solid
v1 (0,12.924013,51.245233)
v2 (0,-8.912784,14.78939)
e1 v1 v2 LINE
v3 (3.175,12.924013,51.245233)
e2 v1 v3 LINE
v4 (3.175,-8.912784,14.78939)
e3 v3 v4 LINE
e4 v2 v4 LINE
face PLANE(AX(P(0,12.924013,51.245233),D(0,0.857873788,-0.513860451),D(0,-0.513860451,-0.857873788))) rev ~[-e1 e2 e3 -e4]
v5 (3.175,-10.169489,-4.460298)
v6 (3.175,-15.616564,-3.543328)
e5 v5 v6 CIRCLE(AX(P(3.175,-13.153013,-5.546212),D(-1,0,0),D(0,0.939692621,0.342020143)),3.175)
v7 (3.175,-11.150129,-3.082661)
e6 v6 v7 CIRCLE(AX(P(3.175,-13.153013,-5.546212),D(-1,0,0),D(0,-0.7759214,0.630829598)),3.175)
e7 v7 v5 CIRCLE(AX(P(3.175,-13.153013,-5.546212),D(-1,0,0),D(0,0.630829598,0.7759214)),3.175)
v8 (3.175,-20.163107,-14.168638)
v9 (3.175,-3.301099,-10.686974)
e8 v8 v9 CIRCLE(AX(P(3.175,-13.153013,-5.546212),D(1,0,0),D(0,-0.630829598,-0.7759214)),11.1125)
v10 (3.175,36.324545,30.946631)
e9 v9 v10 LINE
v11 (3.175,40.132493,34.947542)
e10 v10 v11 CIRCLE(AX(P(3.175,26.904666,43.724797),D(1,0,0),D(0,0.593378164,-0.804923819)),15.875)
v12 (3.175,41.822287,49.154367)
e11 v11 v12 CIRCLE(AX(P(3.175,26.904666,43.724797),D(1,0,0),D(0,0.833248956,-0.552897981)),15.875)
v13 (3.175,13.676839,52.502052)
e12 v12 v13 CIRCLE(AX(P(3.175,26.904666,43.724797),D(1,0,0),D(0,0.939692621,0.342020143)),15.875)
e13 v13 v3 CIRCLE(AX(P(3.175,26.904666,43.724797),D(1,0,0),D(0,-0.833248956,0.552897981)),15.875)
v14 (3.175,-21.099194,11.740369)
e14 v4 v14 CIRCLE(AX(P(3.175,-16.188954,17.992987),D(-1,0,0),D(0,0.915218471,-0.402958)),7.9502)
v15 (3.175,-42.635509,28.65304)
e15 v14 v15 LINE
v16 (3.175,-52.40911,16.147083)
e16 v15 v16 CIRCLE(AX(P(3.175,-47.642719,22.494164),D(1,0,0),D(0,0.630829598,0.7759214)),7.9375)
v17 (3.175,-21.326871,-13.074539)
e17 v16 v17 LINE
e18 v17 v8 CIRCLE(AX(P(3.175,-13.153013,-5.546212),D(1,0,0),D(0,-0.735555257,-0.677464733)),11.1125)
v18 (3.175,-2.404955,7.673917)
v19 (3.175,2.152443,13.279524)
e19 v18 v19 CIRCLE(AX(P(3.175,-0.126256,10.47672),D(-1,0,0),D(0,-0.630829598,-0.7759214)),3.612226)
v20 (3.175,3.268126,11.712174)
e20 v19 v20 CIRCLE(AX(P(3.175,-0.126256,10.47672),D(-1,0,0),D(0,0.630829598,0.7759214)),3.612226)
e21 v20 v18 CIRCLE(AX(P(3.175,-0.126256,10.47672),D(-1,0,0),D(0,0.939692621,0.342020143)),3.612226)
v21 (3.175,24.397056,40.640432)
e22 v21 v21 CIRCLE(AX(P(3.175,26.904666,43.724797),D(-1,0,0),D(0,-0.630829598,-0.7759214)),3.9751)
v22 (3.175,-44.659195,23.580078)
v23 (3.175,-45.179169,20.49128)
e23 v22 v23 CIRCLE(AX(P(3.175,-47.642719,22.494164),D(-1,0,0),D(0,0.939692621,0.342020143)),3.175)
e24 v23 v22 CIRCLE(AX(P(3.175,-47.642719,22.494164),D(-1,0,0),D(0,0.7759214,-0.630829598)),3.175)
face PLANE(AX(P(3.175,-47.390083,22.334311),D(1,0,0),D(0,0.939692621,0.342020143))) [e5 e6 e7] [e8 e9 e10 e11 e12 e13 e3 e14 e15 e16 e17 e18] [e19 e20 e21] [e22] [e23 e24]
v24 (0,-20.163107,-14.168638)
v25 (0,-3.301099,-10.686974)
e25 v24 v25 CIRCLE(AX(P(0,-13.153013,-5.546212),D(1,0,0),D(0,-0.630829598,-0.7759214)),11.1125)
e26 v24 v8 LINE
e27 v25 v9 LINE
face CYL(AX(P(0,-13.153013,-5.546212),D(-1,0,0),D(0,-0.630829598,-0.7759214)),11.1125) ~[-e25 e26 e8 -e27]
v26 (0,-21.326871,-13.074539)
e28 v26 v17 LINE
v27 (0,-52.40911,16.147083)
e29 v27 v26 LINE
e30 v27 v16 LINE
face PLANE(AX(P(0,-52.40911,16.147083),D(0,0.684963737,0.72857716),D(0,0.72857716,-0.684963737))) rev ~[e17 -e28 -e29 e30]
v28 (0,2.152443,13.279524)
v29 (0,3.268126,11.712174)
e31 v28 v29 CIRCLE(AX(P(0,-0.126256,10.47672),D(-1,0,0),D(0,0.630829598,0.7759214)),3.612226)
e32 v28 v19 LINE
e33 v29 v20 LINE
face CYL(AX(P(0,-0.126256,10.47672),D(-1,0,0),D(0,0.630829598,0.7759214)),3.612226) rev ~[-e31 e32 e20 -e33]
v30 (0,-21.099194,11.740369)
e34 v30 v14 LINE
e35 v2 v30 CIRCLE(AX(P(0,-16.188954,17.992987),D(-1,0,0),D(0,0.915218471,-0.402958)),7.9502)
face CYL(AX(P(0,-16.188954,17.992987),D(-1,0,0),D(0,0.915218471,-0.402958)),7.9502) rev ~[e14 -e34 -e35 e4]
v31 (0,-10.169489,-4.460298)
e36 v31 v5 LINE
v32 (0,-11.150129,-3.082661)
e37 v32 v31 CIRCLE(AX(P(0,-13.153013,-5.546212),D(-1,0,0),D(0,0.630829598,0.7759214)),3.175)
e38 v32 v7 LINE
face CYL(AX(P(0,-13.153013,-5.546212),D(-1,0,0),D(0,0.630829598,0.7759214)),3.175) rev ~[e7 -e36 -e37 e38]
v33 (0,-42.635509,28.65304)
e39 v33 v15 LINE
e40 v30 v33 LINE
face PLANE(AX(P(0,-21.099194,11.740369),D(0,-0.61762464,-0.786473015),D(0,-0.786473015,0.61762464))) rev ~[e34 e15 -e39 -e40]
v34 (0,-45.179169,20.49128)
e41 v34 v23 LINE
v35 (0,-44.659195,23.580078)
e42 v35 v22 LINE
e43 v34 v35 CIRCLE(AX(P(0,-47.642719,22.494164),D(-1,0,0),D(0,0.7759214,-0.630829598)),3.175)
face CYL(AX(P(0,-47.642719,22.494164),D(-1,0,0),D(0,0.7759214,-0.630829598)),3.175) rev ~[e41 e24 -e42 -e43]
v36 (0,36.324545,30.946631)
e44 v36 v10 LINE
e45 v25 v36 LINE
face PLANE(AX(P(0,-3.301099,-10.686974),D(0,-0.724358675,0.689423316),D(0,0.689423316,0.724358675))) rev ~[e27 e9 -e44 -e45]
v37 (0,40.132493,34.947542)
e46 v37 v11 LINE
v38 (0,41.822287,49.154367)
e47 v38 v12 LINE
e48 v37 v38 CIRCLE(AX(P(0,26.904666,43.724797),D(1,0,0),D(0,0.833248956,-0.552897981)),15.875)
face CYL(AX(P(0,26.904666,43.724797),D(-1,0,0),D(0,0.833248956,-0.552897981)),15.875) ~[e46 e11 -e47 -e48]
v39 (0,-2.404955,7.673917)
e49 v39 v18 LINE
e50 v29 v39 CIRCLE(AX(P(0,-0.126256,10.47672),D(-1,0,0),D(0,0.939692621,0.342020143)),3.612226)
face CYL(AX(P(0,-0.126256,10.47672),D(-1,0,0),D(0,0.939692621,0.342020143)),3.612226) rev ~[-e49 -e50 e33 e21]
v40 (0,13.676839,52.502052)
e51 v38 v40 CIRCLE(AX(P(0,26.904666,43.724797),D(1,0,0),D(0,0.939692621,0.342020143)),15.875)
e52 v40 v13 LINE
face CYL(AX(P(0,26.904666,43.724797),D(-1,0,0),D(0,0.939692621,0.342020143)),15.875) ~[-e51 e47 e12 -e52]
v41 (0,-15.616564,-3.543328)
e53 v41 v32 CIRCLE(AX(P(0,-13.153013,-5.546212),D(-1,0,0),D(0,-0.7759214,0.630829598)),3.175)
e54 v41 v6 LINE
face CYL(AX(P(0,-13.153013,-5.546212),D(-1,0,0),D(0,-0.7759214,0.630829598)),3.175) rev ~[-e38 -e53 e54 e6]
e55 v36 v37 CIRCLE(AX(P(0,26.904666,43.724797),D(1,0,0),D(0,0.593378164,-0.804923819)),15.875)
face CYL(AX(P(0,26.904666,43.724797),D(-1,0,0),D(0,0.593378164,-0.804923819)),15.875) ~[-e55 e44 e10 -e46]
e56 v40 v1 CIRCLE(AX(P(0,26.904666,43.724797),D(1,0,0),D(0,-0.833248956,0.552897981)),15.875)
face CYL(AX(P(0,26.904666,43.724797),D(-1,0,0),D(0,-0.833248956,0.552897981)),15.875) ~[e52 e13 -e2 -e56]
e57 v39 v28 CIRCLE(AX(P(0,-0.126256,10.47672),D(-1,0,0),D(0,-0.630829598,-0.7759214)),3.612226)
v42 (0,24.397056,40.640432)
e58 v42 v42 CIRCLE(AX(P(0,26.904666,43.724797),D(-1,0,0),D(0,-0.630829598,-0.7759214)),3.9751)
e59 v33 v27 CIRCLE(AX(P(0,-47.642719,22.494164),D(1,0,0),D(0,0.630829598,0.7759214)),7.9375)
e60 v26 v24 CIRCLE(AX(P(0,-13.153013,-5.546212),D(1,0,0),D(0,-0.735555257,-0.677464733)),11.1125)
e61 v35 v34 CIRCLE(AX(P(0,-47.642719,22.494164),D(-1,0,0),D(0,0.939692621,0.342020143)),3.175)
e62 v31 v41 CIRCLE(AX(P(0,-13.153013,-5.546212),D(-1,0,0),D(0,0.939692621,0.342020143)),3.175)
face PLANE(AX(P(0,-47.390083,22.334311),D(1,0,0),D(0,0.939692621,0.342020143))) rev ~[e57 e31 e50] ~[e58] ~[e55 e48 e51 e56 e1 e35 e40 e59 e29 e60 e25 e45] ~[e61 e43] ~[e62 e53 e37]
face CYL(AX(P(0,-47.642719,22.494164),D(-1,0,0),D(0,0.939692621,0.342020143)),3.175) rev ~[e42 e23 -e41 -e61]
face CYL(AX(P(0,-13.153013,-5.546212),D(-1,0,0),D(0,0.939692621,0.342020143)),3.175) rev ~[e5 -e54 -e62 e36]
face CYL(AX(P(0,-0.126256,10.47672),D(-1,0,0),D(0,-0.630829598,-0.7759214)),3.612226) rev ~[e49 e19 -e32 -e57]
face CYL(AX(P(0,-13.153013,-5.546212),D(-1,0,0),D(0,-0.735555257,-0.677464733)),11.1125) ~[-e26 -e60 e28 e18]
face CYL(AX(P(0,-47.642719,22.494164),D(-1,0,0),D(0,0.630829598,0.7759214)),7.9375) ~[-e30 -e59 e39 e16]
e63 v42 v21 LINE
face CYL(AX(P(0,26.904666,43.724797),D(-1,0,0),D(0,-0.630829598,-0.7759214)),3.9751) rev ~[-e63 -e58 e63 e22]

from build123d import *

# Parameters (mm, degrees)
F1_DEPTH = 3.175
F2_ANGLE = 20


with BuildPart() as f1:
    # F0 (on Right) → F1 (new body)
    with BuildSketch(Plane.YZ):
        with BuildLine():
            ThreePointArc((-46.3333823875, 42.4595372576), (-43.5036193129, 45.3559116673), (-42.4707661614, 49.2712351721))
            ThreePointArc((-42.4707661614, 49.2712351721), (-42.7573917524, 51.3850059796), (-43.5965682469, 53.3461189461))
            ThreePointArc((-43.5965682469, 53.3461189461), (-54.6135390245, 56.0032175248), (-57.0580373704, 44.937132137))
            ThreePointArc((-57.0580373704, 44.937132137), (-52.1949195756, 41.5374278414), (-46.3333823875, 42.4595372576))
        make_face()
        with BuildLine():
            ThreePointArc((-47.2332661614, 49.2712351721), (-47.646407422, 47.7051057702), (-48.7783126519, 46.5465560063))
            ThreePointArc((-48.7783126519, 46.5465560063), (-53.1701249009, 50.837364574), (-47.2332661614, 49.2712351721))
        make_face(mode=Mode.SUBTRACT)
        with BuildLine():
            ThreePointArc((-43.5965682469, 53.3461189461), (-42.7573917524, 51.3850059796), (-42.4707661614, 49.2712351721))
            ThreePointArc((-42.4707661614, 49.2712351721), (-43.5036193129, 45.3559116673), (-46.3333823875, 42.4595372576))
            Line((-46.3333823875, 42.4595372576), (-33.2937543108, 20.6621039311))
            ThreePointArc((-33.2937543108, 20.6621039311), (-24.8796092545, 21.902892881), (-18.0525399469, 16.8305641344))
            Line((-18.0525399469, 16.8305641344), (-12.9674956029, 19.8725317828))
            ThreePointArc((-12.9674956029, 19.8725317828), (-11.7220164271, 24.8268363473), (-6.7677118626, 23.5813571715))
            Line((-6.7677118626, 23.5813571715), (13.2812704599, 35.5750294946))
            ThreePointArc((13.2812704599, 35.5750294946), (11.2120730663, 46.124410126), (16.339289948, 55.5733601527))
            Line((16.339289948, 55.5733601527), (-16.6492197631, 28.7846981113))
            ThreePointArc((-16.6492197631, 28.7846981113), (-23.2154318135, 26.3763647233), (-29.1435252875, 30.0875529647))
            Line((-29.1435252875, 30.0875529647), (-43.5965682469, 53.3461189461))
        make_face()
        with BuildLine():
            Line((-33.2937543108, 20.6621039311), (-46.3333823875, 42.4595372576))
            ThreePointArc((-46.3333823875, 42.4595372576), (-52.1949195756, 41.5374278414), (-57.0580373704, 44.937132137))
            Line((-57.0580373704, 44.937132137), (-37.8446703025, 6.8470376817))
            ThreePointArc((-37.8446703025, 6.8470376817), (-38.1434954942, 14.6025831369), (-33.2937543108, 20.6621039311))
        make_face()
        with BuildLine():
            Line((-29.2188705368, 13.8504060166), (-33.2937543108, 20.6621039311))
            ThreePointArc((-33.2937543108, 20.6621039311), (-38.1434954942, 14.6025831369), (-37.8446703025, 6.8470376817))
            Line((-37.8446703025, 6.8470376817), (-37.1252941075, 5.4208895672))
            ThreePointArc((-37.1252941075, 5.4208895672), (-29.1995102722, 0.1305622022), (-20.089390193, 2.9254370075))
            ThreePointArc((-20.089390193, 2.9254370075), (-17.4196951249, 6.645260117), (-16.4764170272, 11.1257268508))
            ThreePointArc((-16.4764170272, 11.1257268508), (-16.8776928545, 14.0850059813), (-18.0525399469, 16.8305641344))
            Line((-18.0525399469, 16.8305641344), (-24.8642378614, 12.7556803604))
            ThreePointArc((-24.8642378614, 12.7556803604), (-24.5285672636, 11.9712351738), (-24.4139170272, 11.1257268508))
            ThreePointArc((-24.4139170272, 11.1257268508), (-29.1550464291, 8.3638681114), (-29.2188705368, 13.8504060166))
        make_face()
        with BuildLine():
            Line((-37.1252941075, 5.4208895672), (-37.8446703025, 6.8470376817))
            ThreePointArc((-37.8446703025, 6.8470376817), (-37.5106396909, 6.1210215013), (-37.1252941075, 5.4208895672))
        make_face()
        with BuildLine():
            Line((-12.9674956029, 19.8725317828), (-18.0525399469, 16.8305641344))
            ThreePointArc((-18.0525399469, 16.8305641344), (-16.8776928545, 14.0850059813), (-16.4764170272, 11.1257268508))
            ThreePointArc((-16.4764170272, 11.1257268508), (-17.4196951249, 6.645260117), (-20.089390193, 2.9254370075))
            Line((-20.089390193, 2.9254370075), (31.386066434, 28.4954609527))
            ThreePointArc((31.386066434, 28.4954609527), (21.1233088396, 28.9399557839), (13.2812704599, 35.5750294946))
            Line((13.2812704599, 35.5750294946), (-6.7677118626, 23.5813571715))
            ThreePointArc((-6.7677118626, 23.5813571715), (-6.3858164196, 22.6888868627), (-6.2553778197, 21.7269444772))
            ThreePointArc((-6.2553778197, 21.7269444772), (-8.9056613472, 18.245157164), (-12.9674956029, 19.8725317828))
        make_face()
        with BuildLine():
            Line((17.4765728718, 56.4969025666), (16.339289948, 55.5733601527))
            ThreePointArc((16.339289948, 55.5733601527), (11.2120730663, 46.124410126), (13.2812704599, 35.5750294946))
            ThreePointArc((13.2812704599, 35.5750294946), (21.1233088396, 28.9399557839), (31.386066434, 28.4954609527))
            Line((31.386066434, 28.4954609527), (36.3327597061, 30.9526915185))
            ThreePointArc((36.3327597061, 30.9526915185), (41.0765858483, 36.5713139049), (42.7796662889, 43.7247970426))
            ThreePointArc((42.7796662889, 43.7247970426), (34.0581494266, 57.896716602), (17.4765728718, 56.4969025666))
        make_face()
        with BuildLine():
            ThreePointArc((30.8797662889, 43.7247970426), (27.9632427093, 39.8932391385), (23.4933679733, 41.6840952486))
            ThreePointArc((23.4933679733, 41.6840952486), (25.8460898685, 47.5563549466), (30.8797662889, 43.7247970426))
        make_face(mode=Mode.SUBTRACT)
        with BuildLine():
            ThreePointArc((17.4765728718, 56.4969025666), (16.8972719782, 56.0482577623), (16.339289948, 55.5733601527))
            Line((16.339289948, 55.5733601527), (17.4765728718, 56.4969025666))
        make_face()
        with BuildLine():
            Line((36.3327597061, 30.9526915185), (31.386066434, 28.4954609527))
            ThreePointArc((31.386066434, 28.4954609527), (33.9671020092, 29.5072857731), (36.3327597061, 30.9526915185))
        make_face()
        with BuildLine():
            ThreePointArc((-18.0525399469, 16.8305641344), (-24.8796092545, 21.902892881), (-33.2937543108, 20.6621039311))
            Line((-33.2937543108, 20.6621039311), (-29.2188705368, 13.8504060166))
            ThreePointArc((-29.2188705368, 13.8504060166), (-26.8148290921, 14.2049171452), (-24.8642378614, 12.7556803604))
            Line((-24.8642378614, 12.7556803604), (-18.0525399469, 16.8305641344))
        make_face()
    extrude(amount=F1_DEPTH)


with BuildPart() as f1_1:
    # F2: moved
    add(f1.part.rotate(Axis((0, 26.9046662889, 43.7247970426), (1, 0, 0)), F2_ANGLE))


solid = f1_1.part
